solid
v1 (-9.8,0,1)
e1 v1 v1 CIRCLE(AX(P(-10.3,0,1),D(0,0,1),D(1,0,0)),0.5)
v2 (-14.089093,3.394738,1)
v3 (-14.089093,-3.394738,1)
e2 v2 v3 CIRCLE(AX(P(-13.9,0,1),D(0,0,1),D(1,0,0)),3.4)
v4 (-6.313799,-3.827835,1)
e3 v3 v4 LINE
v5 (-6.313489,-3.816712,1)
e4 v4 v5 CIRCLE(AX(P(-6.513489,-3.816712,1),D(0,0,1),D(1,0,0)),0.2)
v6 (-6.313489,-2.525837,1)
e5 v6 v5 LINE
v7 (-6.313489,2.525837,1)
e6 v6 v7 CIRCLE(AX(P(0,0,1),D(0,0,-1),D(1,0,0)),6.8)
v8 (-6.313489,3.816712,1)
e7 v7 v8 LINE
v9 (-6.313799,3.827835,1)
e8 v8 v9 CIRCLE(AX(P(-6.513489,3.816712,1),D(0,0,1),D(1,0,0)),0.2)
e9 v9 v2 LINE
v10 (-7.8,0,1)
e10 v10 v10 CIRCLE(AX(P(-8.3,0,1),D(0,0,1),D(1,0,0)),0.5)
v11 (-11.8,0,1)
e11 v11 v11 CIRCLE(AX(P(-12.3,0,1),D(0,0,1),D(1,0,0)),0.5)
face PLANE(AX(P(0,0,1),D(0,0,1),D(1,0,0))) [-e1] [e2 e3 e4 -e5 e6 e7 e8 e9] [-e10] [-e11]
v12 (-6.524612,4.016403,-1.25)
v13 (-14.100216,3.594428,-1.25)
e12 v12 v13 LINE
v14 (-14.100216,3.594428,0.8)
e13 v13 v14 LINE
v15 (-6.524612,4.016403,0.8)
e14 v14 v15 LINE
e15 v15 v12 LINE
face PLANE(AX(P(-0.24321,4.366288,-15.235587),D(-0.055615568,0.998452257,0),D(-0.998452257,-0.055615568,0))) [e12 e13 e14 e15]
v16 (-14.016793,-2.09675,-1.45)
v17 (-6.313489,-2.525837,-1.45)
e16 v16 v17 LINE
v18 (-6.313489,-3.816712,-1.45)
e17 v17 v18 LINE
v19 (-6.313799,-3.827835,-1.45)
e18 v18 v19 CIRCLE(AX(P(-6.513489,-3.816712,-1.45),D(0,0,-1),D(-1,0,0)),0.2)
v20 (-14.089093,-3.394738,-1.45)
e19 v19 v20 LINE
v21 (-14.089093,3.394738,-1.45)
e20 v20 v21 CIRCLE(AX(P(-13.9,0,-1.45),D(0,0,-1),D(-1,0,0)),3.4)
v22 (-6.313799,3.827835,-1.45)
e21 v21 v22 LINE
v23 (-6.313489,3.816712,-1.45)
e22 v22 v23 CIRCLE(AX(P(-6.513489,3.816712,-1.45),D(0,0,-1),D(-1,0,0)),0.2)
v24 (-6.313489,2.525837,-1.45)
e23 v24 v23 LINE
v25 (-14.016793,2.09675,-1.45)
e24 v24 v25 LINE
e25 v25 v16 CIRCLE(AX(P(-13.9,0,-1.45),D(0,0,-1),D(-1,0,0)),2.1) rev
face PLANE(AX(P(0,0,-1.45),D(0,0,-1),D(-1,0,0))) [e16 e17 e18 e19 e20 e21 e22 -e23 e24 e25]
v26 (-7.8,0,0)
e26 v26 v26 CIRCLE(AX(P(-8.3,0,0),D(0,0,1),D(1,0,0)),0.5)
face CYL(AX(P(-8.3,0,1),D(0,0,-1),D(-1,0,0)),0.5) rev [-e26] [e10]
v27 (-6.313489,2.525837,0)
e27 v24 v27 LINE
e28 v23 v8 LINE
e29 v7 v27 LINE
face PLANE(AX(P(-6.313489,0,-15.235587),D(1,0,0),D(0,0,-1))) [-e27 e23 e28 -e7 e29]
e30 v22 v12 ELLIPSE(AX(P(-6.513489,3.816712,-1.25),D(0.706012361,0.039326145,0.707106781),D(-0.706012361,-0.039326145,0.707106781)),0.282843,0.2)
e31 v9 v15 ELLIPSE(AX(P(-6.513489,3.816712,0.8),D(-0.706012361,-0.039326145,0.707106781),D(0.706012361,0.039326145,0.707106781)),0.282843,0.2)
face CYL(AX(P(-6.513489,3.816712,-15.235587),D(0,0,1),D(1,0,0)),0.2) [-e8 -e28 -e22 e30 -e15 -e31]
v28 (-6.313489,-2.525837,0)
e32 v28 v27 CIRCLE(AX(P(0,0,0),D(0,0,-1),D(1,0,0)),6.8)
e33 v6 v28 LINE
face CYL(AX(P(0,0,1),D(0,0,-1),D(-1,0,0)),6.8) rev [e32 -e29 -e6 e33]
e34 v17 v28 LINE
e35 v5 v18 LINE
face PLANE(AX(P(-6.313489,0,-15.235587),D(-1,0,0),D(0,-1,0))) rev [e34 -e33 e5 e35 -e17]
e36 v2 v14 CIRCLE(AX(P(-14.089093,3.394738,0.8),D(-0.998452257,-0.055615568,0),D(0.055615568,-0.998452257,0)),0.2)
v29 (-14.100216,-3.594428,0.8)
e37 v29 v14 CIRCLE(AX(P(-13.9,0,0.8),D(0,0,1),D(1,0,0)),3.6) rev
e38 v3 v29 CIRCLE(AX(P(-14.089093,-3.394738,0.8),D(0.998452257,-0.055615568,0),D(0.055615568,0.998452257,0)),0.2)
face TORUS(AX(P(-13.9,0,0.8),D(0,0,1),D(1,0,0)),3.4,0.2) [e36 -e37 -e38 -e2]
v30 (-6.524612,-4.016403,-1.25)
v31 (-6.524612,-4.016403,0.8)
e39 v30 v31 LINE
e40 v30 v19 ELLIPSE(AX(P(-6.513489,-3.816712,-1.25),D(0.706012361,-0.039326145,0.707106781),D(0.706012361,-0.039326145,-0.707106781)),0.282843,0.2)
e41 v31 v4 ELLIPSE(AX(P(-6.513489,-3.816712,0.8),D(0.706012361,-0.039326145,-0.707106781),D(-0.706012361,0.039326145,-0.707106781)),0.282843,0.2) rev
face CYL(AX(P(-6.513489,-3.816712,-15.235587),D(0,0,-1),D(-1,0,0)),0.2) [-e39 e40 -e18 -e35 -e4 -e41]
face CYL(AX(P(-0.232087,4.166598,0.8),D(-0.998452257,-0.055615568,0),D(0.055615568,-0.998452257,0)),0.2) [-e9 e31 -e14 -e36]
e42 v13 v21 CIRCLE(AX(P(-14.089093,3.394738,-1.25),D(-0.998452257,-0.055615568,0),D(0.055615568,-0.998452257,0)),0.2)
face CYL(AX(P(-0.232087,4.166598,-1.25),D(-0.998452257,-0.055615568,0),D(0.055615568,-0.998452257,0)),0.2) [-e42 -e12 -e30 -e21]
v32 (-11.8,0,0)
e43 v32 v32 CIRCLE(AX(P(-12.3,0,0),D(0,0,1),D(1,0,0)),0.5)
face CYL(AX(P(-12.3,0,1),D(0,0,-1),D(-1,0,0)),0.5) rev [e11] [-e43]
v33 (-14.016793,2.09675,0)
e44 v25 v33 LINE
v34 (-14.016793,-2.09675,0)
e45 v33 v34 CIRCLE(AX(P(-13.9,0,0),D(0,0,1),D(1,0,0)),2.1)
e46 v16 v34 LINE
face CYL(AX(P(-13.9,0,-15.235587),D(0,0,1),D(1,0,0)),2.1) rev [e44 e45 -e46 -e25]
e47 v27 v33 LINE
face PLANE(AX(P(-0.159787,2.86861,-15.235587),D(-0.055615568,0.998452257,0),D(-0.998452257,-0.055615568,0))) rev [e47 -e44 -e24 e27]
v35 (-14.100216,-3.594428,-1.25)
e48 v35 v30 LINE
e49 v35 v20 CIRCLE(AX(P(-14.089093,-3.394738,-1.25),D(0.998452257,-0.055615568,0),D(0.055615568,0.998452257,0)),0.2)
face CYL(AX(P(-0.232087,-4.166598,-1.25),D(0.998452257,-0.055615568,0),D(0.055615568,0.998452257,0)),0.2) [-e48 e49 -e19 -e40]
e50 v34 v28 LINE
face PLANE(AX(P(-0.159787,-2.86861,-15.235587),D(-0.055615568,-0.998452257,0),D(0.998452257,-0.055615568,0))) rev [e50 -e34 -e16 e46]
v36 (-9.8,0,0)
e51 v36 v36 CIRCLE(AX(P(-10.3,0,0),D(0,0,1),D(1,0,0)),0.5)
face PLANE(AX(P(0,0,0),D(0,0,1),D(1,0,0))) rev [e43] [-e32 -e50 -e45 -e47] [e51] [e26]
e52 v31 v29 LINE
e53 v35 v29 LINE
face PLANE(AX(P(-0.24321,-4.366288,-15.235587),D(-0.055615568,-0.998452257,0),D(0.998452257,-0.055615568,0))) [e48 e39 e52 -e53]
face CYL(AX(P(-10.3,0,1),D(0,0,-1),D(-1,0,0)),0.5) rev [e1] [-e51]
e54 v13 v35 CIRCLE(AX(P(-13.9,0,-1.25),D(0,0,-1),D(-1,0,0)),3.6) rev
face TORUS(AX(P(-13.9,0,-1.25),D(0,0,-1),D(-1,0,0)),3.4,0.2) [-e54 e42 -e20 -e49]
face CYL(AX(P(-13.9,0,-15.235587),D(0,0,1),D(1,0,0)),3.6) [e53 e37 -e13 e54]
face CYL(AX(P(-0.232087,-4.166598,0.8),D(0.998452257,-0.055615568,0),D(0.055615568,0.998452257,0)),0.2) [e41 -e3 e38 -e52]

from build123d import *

# Parameters (mm, degrees)
SKETCH_1_R      = 0.5
EXTRUDE_1_DEPTH = 1
EXTRUDE_START   = -2.45
EXTRUDE_2_DEPTH = 2.45
FILLET_1_R      = 0.2


with BuildPart() as part:
    # 草图1 → 凸台-拉伸1 (new body)
    with BuildSketch(Plane.XY):
        with BuildLine():
            Line((-14.016792693, -2.096749739), (-6.313489141, -2.525837459))
            ThreePointArc((-6.313489141, -2.525837459), (-6.8, 0), (-6.313489141, 2.525837459))
            Line((-6.313489141, 2.525837459), (-14.016792693, 2.096749739))
            ThreePointArc((-14.016792693, 2.096749739), (-16, 0), (-14.016792693, -2.096749739))
        make_face()
        with Locations((-10.3, 0)):
            Circle(SKETCH_1_R, mode=Mode.SUBTRACT)
        with Locations((-8.3, 0)):
            Circle(SKETCH_1_R, mode=Mode.SUBTRACT)
        with Locations((-12.3, 0)):
            Circle(SKETCH_1_R, mode=Mode.SUBTRACT)
    extrude(amount=EXTRUDE_1_DEPTH)

    # 草图3 → 凸台-拉伸2 (add)
    with BuildSketch(Plane.XY.offset(1).offset(EXTRUDE_START)):
        with BuildLine():
            Line((-6.313489141, 4.028162673), (-14.100216045, 3.594428124))
            ThreePointArc((-14.100216045, 3.594428124), (-17.5, 0), (-14.100216045, -3.594428124))
            Line((-14.100216045, -3.594428124), (-6.313489141, -4.028162673))
            Line((-6.313489141, -4.028162673), (-6.313489141, -2.525837459))
            Line((-6.313489141, -2.525837459), (-14.016792693, -2.096749739))
            ThreePointArc((-14.016792693, -2.096749739), (-16, 0), (-14.016792693, 2.096749739))
            Line((-14.016792693, 2.096749739), (-6.313489141, 2.525837459))
            Line((-6.313489141, 2.525837459), (-6.313489141, 4.028162673))
        make_face()
    extrude(amount=EXTRUDE_2_DEPTH)

    # 圆角1
    fillet_1_edges = [part.edges().sort_by_distance(p)[0] for p in [
        (-10.206852593, 3.811295398, 1),
        (-17.5, 0, 1),
        (-10.206852593, -3.811295398, 1),
        (-17.5, 0, -1.45),
        (-10.206852593, -3.811295398, -1.45),
        (-6.313489141, -4.028162673, -0.225),
        (-6.313489141, 4.028162673, -0.225),
        (-10.206852593, 3.811295398, -1.45),
    ]]
    fillet(fillet_1_edges, radius=FILLET_1_R)


solid = part.part
